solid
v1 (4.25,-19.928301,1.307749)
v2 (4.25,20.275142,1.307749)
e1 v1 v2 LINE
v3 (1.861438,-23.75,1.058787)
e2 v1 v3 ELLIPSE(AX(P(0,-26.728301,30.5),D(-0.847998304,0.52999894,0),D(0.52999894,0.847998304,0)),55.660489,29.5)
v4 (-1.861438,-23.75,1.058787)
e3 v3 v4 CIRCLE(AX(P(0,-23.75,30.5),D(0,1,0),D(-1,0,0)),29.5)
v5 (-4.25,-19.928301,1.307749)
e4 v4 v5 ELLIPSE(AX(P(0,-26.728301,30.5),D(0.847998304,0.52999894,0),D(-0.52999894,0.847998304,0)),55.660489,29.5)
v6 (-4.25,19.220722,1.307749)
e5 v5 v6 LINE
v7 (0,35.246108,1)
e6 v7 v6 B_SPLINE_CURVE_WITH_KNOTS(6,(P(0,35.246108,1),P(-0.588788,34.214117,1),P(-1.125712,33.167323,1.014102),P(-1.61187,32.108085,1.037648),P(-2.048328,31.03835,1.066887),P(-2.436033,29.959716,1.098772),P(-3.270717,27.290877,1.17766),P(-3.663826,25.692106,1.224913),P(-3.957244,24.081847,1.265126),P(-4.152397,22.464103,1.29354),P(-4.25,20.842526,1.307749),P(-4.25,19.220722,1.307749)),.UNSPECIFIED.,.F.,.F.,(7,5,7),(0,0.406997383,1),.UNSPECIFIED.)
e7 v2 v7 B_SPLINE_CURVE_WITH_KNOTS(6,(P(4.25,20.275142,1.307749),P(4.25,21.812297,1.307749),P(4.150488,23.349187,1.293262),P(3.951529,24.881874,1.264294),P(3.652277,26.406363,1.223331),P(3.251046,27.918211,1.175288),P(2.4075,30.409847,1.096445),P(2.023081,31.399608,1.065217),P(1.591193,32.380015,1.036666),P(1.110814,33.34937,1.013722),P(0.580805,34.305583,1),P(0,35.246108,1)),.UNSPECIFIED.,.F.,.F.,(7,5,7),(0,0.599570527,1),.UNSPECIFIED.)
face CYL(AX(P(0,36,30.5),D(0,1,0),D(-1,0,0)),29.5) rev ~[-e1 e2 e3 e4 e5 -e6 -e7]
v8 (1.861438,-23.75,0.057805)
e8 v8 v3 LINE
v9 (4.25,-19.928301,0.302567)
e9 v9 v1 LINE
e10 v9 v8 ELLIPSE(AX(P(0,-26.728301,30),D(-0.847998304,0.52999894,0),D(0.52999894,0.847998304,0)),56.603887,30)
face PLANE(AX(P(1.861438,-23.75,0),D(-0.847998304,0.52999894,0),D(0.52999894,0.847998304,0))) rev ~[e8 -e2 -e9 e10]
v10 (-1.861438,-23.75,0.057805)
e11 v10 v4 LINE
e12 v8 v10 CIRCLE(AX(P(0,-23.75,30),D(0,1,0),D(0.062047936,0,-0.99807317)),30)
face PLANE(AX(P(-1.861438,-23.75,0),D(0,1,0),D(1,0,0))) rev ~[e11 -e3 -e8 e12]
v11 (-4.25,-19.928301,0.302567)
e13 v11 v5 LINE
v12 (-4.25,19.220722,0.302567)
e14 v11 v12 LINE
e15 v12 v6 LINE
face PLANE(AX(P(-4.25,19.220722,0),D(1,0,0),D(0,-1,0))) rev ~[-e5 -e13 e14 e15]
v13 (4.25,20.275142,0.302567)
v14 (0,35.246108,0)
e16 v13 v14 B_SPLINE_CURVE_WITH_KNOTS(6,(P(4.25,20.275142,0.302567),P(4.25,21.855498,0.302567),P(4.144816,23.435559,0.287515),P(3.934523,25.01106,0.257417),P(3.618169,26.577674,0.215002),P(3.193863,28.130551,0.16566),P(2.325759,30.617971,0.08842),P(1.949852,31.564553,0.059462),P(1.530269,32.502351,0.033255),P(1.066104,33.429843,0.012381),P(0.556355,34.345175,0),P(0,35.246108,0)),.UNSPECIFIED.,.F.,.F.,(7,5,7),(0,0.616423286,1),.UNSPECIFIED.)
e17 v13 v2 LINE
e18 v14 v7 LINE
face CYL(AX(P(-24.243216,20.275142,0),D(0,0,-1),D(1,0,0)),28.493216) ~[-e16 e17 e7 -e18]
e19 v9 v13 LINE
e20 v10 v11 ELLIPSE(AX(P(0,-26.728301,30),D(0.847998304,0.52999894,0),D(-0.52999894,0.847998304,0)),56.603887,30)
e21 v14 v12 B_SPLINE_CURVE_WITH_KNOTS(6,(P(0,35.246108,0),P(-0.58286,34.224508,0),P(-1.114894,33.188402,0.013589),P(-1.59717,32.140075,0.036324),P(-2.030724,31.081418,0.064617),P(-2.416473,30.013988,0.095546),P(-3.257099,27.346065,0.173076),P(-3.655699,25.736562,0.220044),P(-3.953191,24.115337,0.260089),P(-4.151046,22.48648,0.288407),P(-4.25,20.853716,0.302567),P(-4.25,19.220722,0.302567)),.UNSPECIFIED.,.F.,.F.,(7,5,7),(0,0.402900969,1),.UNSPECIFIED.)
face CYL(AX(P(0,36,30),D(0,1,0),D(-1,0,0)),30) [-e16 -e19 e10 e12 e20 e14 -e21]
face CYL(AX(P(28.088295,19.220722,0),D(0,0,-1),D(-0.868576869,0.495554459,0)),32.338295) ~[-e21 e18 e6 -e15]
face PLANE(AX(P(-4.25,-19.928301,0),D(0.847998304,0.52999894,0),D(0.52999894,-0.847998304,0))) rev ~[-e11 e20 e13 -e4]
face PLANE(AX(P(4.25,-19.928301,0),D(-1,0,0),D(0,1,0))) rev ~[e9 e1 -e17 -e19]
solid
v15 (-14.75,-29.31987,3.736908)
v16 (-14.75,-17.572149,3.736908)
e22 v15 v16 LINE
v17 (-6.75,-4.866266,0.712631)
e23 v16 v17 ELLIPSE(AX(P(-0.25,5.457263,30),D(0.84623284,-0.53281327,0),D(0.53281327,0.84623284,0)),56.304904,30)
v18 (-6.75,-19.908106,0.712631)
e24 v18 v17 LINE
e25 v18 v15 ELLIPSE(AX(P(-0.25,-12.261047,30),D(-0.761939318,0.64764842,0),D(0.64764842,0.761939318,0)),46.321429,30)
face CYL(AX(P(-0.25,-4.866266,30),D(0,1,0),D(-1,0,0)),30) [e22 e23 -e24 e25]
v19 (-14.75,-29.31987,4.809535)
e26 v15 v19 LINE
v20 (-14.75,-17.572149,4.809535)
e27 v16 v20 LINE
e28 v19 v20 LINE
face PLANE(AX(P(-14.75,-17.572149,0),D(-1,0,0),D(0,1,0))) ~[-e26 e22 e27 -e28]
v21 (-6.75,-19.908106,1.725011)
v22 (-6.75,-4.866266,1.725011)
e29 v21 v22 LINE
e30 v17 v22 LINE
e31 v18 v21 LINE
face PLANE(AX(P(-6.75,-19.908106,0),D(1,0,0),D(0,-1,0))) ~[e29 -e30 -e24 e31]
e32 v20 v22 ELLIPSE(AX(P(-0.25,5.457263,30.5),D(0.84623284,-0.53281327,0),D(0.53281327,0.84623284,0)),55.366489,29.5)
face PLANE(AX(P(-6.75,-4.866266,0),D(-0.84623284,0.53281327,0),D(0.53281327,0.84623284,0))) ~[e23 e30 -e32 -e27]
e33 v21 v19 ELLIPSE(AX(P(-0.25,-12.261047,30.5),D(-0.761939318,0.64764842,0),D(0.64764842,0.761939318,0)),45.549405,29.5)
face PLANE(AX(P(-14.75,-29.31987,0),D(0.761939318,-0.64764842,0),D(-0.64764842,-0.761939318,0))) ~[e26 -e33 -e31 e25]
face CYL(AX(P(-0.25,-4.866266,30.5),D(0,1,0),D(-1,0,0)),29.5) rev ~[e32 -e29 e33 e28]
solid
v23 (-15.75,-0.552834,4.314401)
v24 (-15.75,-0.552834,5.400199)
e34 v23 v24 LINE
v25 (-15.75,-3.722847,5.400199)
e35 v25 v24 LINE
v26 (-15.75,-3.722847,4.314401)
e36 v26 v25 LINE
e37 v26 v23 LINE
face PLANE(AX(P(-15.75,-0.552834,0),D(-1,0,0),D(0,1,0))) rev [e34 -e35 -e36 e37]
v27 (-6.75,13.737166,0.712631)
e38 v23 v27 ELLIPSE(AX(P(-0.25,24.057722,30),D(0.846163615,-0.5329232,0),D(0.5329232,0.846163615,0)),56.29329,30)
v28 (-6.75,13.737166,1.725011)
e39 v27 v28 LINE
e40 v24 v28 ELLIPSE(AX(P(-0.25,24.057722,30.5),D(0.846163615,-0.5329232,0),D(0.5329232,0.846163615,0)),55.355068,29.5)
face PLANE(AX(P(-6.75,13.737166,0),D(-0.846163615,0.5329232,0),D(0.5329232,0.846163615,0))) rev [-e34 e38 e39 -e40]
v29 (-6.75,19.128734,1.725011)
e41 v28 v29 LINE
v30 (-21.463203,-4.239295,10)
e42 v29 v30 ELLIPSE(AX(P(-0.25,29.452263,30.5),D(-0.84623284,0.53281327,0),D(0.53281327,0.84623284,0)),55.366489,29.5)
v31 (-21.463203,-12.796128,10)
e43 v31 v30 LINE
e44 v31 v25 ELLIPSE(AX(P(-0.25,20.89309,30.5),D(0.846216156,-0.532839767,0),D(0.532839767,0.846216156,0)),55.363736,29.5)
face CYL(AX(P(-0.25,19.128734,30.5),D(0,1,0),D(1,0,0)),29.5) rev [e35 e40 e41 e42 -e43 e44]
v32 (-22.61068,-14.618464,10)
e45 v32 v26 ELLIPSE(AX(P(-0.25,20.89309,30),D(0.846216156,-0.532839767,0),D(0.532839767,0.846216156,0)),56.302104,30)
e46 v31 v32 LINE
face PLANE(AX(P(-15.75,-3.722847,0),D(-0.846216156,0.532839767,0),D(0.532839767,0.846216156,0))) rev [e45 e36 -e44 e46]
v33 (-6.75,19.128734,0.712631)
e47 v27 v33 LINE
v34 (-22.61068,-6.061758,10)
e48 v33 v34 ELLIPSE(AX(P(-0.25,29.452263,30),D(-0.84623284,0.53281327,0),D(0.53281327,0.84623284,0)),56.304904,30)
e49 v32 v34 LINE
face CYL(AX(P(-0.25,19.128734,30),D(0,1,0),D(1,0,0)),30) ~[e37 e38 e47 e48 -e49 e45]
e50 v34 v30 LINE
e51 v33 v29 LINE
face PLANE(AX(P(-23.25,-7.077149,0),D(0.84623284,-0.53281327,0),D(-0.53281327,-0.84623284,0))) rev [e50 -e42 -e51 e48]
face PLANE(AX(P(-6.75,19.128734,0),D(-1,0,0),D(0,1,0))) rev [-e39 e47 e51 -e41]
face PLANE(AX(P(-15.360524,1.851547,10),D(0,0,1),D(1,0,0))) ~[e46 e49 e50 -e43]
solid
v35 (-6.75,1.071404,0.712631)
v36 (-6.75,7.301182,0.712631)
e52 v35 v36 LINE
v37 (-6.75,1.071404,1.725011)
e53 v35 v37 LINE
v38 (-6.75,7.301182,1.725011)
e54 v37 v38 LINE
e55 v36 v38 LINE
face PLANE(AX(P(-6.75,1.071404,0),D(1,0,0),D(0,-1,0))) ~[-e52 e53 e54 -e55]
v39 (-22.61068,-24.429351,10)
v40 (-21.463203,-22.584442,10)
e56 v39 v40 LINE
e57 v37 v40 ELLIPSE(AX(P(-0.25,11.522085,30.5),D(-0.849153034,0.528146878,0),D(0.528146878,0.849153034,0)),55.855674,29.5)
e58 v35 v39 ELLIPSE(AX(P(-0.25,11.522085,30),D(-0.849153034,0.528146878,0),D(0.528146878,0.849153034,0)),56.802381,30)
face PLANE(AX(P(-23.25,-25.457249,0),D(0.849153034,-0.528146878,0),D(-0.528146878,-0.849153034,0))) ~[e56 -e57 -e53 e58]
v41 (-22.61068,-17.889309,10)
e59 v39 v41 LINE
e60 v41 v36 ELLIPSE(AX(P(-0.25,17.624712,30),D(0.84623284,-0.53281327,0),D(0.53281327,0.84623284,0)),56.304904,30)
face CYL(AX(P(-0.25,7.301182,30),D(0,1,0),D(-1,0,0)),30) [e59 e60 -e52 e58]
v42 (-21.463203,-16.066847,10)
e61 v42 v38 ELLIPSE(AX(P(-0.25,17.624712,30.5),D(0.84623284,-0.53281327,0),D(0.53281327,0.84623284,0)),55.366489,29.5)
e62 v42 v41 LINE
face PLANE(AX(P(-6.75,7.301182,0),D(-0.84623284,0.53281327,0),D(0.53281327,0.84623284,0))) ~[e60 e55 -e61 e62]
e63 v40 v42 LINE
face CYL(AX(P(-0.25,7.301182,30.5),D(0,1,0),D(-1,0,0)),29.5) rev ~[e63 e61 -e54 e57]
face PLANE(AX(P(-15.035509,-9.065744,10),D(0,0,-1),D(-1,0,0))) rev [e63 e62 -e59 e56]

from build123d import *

# Parameters (mm, degrees)
PAD_DEPTH       = 10
SKETCH005_R     = 39.820196
SKETCH005_R_2   = 30
POCKET_DEPTH    = 59.751
SKETCH006_R     = 29.5
POCKET001_DEPTH = 59.7510001
PAD001_DEPTH    = 10
SKETCH013_R     = 50.974494
SKETCH013_R_2   = 30
POCKET008_DEPTH = 24.4546040917
SKETCH014_R     = 29.5
POCKET009_DEPTH = 24.4546040917
PAD002_DEPTH    = 10
SKETCH009_R     = 40.247183
SKETCH009_R_2   = 30
POCKET004_DEPTH = 32.7594311894
SKETCH010_R     = 29.5
POCKET005_DEPTH = 31.7315339679
PAD003_DEPTH    = 10
SKETCH011_R     = 42.648323
SKETCH011_R_2   = 30
POCKET006_DEPTH = 34.7635181932
SKETCH012_R     = 29.5
POCKET007_DEPTH = 33.7481977609


with BuildPart() as main_body:
    # Sketch → Pad (new body)
    with BuildSketch(Plane.XY):
        with BuildLine():
            Line((-4.25, 19.2207216746), (-4.25, -19.9283009434))
            Line((-4.25, -19.9283009434), (-1.8614380896, -23.75))
            Line((-1.8614380896, -23.75), (1.8614380896, -23.75))
            Line((1.8614380896, -23.75), (4.25, -19.9283009434))
            Line((4.25, -19.9283009434), (4.25, 20.2751417602))
            ThreePointArc((4.25, 20.2751417602), (3.1669148644, 28.0564066396), (0, 35.2461080782))
            ThreePointArc((0, 35.2461080782), (-3.1694471872, 27.5104066714), (-4.25, 19.2207216746))
        make_face()
    extrude(amount=PAD_DEPTH)

    # Sketch005 (on DatumPlane) → Pocket (cut, through all)
    with BuildSketch(Plane(origin=(0, 36, 0), x_dir=(-1, 0, 0), z_dir=(0, 1, 0))):
        with Locations((0, 30)):
            Circle(SKETCH005_R)
        with Locations((0, 30)):
            Circle(SKETCH005_R_2, mode=Mode.SUBTRACT)
    extrude(amount=-POCKET_DEPTH, mode=Mode.SUBTRACT)

    # Sketch006 (on DatumPlane) → Pocket001 (cut, through all)
    with BuildSketch(Plane(origin=(0, 36, 0), x_dir=(-1, 0, 0), z_dir=(0, 1, 0))):
        with Locations((0, 30.5)):
            Circle(SKETCH006_R)
    extrude(amount=-POCKET001_DEPTH, mode=Mode.SUBTRACT)


with BuildPart() as body004:
    # Sketch001 → Pad001 (new body)
    with BuildSketch(Plane.XY):
        Polygon((6.75, -19.9081057427), (6.75, -4.8662663569), (14.75, -17.5721487098), (14.75, -29.3198704486), align=None)
    extrude(amount=PAD001_DEPTH)

    # Sketch013 (on DatumPlane) → Pocket008 (cut, through all)
    with BuildSketch(Plane(origin=(6.75, -4.8662663569, 0), x_dir=(1, 0, 0), z_dir=(0, -1, 0))):
        with Locations((-6.5, 30)):
            Circle(SKETCH013_R)
        with Locations((-6.5, 30)):
            Circle(SKETCH013_R_2, mode=Mode.SUBTRACT)
    extrude(amount=POCKET008_DEPTH, mode=Mode.SUBTRACT)

    # Sketch014 (on DatumPlane) → Pocket009 (cut, through all)
    with BuildSketch(Plane(origin=(6.75, -4.8662663569, 0), x_dir=(1, 0, 0), z_dir=(0, -1, 0))):
        with Locations((-6.5, 30.5)):
            Circle(SKETCH014_R)
    extrude(amount=POCKET009_DEPTH, mode=Mode.SUBTRACT)


with BuildPart() as lower_left_wing:
    # Part__Mirroring: instance of Body004
    add(body004.part.mirror(Plane(origin=(0, 0, 0), x_dir=(0, -1, 0), z_dir=(1, 0, 0))))


with BuildPart() as body005:
    # Sketch002 → Pad002 (new body)
    with BuildSketch(Plane.XY):
        Polygon((6.75, 7.3011824717), (23.25, -18.9046998813), (23.25, -25.4572487177), (6.75, 1.0714038899), align=None)
    extrude(amount=PAD002_DEPTH)

    # Sketch009 (on DatumPlane) → Pocket004 (cut, through all)
    with BuildSketch(Plane(origin=(6.75, 7.3011824717, 0), x_dir=(1, 0, 0), z_dir=(0, -1, 0))):
        with Locations((-6.5, 30)):
            Circle(SKETCH009_R)
        with Locations((-6.5, 30)):
            Circle(SKETCH009_R_2, mode=Mode.SUBTRACT)
    extrude(amount=POCKET004_DEPTH, mode=Mode.SUBTRACT)

    # Sketch010 (on DatumPlane) → Pocket005 (cut, through all)
    with BuildSketch(Plane(origin=(6.75, 7.3011824717, 0), x_dir=(1, 0, 0), z_dir=(0, -1, 0))):
        with Locations((-6.5, 30.5)):
            Circle(SKETCH010_R)
    extrude(amount=POCKET005_DEPTH, mode=Mode.SUBTRACT)


with BuildPart() as mid_left_wing:
    # Part__Mirroring001: instance of Body005
    add(body005.part.mirror(Plane(origin=(0, 0, 0), x_dir=(0, -1, 0), z_dir=(1, 0, 0))))


with BuildPart() as body006:
    # Sketch003 → Pad003 (new body)
    with BuildSketch(Plane.XY):
        Polygon((6.75, 19.1287336431), (6.75, 13.7371663015), (15.75, -0.5528336985), (15.75, -3.7228470501), (23.25, -15.6337845501), (23.25, -7.0771487098), align=None)
    extrude(amount=PAD003_DEPTH)

    # Sketch011 (on Plane of DatumPlane003) → Pocket006 (cut, through all)
    with BuildSketch(Plane(origin=(6.75, 19.1287336431, 0), x_dir=(-1, 0, 0), z_dir=(0, 1, 0))):
        with Locations((6.5, 30)):
            Circle(SKETCH011_R)
        with Locations((6.5, 30)):
            Circle(SKETCH011_R_2, mode=Mode.SUBTRACT)
    extrude(amount=-POCKET006_DEPTH, mode=Mode.SUBTRACT)

    # Sketch012 (on DatumPlane) → Pocket007 (cut, through all)
    with BuildSketch(Plane(origin=(6.75, 19.1287336431, 0), x_dir=(-1, 0, 0), z_dir=(0, 1, 0))):
        with Locations((6.5, 30.5)):
            Circle(SKETCH012_R)
    extrude(amount=-POCKET007_DEPTH, mode=Mode.SUBTRACT)


with BuildPart() as upper_left_wing:
    # Part__Mirroring002: instance of Body006
    add(body006.part.mirror(Plane(origin=(0, 0, 0), x_dir=(0, -1, 0), z_dir=(1, 0, 0))))


solid = Compound([main_body.part, lower_left_wing.part, mid_left_wing.part, upper_left_wing.part])
